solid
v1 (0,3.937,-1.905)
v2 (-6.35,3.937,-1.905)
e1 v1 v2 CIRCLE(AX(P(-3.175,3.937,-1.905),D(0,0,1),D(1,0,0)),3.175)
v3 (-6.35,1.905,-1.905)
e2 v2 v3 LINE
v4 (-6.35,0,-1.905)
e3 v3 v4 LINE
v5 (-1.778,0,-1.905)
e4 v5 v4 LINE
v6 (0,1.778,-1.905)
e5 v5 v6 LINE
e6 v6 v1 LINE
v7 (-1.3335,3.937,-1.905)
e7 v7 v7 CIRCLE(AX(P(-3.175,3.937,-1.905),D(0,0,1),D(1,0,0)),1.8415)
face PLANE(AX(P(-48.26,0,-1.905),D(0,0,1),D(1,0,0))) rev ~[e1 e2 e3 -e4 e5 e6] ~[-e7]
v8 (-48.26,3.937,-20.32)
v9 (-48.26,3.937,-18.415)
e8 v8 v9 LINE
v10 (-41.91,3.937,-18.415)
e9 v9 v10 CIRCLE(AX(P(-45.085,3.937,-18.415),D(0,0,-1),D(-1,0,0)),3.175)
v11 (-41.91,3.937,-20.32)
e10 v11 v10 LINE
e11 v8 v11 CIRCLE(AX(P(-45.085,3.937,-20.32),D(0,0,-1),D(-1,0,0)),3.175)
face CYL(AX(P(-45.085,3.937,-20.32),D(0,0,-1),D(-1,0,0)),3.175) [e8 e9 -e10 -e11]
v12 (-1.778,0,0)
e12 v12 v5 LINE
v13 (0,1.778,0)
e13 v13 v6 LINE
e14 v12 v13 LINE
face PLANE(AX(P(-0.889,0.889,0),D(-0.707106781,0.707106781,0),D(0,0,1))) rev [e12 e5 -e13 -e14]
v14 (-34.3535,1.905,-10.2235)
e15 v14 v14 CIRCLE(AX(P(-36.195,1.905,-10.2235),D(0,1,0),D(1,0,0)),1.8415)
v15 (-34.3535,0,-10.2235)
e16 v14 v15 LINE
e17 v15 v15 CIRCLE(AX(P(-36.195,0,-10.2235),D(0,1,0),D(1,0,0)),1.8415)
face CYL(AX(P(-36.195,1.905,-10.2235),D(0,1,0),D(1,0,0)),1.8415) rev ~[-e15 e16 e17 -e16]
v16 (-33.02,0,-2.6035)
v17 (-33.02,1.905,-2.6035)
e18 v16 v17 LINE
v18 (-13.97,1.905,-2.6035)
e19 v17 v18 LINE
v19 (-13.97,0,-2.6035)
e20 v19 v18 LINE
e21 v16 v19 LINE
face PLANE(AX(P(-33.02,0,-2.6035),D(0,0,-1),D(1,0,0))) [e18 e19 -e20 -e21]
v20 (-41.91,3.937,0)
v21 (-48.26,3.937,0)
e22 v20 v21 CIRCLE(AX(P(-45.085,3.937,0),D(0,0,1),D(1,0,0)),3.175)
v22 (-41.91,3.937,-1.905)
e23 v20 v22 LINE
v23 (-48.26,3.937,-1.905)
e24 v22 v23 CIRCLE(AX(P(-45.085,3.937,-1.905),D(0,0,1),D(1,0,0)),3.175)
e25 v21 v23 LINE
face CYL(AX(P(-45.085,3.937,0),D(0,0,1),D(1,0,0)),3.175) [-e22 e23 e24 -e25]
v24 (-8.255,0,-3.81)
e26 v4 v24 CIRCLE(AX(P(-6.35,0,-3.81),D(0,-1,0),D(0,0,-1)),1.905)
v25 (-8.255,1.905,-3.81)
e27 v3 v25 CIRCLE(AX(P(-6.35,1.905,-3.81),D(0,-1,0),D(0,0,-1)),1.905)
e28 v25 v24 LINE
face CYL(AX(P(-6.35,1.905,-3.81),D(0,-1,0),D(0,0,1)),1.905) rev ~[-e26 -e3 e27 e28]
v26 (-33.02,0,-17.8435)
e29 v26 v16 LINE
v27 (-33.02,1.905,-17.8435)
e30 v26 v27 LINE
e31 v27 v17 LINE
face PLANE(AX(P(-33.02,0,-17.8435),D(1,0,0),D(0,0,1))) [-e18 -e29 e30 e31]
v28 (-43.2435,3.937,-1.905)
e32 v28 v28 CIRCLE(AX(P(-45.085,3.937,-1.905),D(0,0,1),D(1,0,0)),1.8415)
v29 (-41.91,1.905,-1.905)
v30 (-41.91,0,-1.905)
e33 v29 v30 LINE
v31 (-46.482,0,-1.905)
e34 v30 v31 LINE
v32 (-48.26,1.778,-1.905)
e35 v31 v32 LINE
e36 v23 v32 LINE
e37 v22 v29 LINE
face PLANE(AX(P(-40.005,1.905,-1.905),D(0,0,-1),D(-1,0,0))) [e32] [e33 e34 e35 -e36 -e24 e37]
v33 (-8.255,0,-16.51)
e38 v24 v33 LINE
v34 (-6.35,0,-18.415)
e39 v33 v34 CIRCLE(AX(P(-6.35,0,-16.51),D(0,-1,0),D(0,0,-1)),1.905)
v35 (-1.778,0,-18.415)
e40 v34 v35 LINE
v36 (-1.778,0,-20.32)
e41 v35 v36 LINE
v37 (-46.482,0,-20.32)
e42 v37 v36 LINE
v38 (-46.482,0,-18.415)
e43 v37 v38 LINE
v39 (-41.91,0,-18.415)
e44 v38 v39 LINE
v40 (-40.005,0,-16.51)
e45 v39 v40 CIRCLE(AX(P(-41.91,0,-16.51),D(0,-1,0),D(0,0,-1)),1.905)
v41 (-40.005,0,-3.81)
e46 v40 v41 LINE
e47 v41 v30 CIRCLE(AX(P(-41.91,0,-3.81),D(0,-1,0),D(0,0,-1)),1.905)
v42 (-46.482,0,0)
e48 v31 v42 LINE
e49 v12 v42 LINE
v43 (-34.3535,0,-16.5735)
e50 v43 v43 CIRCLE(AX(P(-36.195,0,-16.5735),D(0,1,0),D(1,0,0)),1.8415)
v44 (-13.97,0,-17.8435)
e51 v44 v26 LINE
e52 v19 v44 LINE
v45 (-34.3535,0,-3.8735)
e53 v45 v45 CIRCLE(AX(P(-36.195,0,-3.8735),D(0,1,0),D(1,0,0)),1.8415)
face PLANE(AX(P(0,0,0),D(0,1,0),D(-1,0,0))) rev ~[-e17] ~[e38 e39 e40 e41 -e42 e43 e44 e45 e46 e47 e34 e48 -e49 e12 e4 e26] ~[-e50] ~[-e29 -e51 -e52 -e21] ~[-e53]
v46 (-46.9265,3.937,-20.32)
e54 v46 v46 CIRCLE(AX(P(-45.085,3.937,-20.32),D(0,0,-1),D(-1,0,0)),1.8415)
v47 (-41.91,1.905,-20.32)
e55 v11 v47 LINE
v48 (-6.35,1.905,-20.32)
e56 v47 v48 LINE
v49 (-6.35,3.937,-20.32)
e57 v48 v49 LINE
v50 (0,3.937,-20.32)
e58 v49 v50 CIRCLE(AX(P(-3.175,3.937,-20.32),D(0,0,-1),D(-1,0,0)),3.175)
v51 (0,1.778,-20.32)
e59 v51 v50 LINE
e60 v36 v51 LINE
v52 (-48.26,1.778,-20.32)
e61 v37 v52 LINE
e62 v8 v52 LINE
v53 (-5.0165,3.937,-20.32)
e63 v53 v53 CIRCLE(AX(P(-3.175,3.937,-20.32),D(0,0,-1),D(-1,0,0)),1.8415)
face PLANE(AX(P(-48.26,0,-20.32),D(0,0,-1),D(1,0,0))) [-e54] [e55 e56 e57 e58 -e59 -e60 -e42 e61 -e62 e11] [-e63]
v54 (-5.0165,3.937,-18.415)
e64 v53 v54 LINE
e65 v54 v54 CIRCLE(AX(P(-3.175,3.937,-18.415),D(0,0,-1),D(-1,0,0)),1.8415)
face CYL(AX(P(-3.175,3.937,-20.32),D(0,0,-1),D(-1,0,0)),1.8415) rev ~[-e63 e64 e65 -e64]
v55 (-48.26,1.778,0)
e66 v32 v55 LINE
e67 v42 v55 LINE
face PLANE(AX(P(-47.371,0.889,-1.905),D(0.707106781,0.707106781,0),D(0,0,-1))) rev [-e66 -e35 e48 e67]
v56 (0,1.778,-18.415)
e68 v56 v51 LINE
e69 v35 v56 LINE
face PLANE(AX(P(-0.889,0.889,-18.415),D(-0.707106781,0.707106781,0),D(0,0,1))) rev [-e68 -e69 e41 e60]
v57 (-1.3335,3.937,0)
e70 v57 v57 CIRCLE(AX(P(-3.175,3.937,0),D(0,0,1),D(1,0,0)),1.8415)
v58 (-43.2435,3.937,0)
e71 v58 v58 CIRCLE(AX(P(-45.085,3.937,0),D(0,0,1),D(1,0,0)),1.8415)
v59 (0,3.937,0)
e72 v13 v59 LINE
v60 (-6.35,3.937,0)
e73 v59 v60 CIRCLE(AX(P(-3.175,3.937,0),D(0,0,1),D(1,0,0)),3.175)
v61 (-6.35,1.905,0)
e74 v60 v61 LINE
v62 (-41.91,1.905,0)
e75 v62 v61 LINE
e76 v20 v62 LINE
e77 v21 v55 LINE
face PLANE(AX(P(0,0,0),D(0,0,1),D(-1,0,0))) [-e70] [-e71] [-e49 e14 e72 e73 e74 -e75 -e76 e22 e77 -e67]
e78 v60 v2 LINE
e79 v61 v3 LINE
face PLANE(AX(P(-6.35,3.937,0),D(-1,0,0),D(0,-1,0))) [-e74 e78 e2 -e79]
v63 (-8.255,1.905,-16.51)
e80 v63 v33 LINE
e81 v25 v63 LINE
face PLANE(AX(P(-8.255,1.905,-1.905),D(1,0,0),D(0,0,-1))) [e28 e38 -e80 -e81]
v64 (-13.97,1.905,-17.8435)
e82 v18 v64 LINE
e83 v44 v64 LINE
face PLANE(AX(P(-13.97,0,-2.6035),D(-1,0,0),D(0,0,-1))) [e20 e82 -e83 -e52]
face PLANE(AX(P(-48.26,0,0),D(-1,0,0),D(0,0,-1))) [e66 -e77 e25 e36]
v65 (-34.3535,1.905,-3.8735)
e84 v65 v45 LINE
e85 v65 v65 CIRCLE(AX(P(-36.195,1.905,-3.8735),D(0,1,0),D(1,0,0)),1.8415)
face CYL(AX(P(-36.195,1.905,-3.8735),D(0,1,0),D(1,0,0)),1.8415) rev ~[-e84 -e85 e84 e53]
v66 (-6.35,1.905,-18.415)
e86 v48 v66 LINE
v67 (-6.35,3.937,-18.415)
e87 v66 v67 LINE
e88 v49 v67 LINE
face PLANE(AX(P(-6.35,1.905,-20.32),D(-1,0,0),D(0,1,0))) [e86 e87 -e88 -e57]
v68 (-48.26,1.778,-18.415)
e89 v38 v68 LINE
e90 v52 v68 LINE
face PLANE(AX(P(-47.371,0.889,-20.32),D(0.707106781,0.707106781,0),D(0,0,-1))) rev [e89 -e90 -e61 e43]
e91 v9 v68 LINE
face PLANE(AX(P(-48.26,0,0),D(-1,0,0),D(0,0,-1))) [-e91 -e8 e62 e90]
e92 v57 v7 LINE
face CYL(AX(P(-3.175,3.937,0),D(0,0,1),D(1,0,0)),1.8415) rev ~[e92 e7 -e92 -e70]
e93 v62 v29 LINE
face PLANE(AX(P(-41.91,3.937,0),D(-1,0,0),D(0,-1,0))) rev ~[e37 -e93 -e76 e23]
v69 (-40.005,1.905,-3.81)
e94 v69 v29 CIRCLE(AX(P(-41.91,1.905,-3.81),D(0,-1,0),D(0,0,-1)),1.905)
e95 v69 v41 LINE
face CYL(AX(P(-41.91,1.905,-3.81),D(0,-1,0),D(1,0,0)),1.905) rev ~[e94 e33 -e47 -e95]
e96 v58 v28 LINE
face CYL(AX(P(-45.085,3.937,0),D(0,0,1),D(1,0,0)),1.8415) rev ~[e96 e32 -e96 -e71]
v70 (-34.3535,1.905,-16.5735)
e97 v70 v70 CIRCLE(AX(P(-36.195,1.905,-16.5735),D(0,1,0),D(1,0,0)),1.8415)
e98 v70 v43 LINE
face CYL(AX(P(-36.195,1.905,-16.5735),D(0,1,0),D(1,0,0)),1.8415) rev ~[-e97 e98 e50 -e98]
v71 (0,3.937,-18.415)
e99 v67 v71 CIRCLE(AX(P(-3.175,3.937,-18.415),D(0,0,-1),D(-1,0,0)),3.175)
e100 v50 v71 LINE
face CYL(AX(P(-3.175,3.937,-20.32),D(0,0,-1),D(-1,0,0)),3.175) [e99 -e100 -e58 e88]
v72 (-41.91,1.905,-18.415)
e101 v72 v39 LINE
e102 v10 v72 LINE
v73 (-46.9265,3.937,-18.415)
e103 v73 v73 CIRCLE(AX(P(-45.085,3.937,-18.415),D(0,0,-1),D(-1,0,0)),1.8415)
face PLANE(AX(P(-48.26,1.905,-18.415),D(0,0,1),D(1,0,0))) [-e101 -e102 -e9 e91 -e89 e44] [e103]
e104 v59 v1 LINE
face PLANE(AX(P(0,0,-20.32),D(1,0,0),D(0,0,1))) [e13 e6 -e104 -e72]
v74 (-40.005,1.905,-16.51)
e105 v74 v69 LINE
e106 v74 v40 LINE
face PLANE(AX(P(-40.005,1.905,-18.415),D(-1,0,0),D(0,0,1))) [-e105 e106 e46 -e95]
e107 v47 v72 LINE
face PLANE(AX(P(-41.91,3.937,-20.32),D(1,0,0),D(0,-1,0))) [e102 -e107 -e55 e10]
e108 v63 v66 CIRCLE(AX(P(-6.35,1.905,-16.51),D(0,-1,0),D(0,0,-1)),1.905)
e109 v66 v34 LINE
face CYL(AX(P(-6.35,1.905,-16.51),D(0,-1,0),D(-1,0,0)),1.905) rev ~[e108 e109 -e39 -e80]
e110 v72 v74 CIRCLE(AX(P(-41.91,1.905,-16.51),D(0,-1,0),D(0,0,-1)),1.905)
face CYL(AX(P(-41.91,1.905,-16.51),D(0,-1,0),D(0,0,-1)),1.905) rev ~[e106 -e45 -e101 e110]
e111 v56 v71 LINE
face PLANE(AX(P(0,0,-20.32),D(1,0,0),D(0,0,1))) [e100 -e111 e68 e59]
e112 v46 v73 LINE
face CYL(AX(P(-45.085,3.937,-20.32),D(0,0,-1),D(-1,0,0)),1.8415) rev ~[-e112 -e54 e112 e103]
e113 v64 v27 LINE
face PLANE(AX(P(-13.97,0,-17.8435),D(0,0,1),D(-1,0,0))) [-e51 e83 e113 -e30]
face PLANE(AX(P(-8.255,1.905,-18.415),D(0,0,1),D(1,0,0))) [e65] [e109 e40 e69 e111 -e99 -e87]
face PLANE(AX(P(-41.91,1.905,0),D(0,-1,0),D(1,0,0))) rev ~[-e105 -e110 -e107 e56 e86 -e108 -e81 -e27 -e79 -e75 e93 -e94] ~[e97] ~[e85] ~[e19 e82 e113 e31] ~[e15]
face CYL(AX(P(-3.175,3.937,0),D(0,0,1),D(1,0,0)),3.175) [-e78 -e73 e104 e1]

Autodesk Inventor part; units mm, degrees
ref_plane "YZ Plane" through (0, 0, 0) normal (1, 0, 0) x (0, 1, 0)
ref_plane "XZ Plane" through (0, 0, 0) normal (0, 1, 0) x (-1, 0, 0)
ref_plane "XY Plane" through (0, 0, 0) normal (0, 0, 1) x (1, 0, 0)
sketch "Sketch1" plane through (0, 0, 0) normal (0, 1, 0) x (-1, 0, 0)
  line L0 (0, 0) -> (48.26, 0)
  line L1 (48.26, 0) -> (48.26, -20.32)
  line L2 (48.26, -20.32) -> (0, -20.32)
  line L3 (0, -20.32) -> (0, 0)
  line L4 (33.02, -2.6035) -> (13.97, -2.6035)
  line L5 (13.97, -2.6035) -> (13.97, -17.8435)
  line L6 (13.97, -17.8435) -> (33.02, -17.8435)
  line L7 (33.02, -17.8435) -> (33.02, -2.6035)
  dimension "d0" = 48.26
  dimension "d1" = 20.32
  dimension "d2" = 19.05
  dimension "d3" = 15.24
  dimension "d4" = 15.24
  dimension "d5" = 2.6035
extrude "Extrusion1" add sketch "Sketch1" along normal blind 1.905
sketch "Sketch2" plane through (-48.26, 0, 0) normal (0, 0, 1) x (1, 0, 0)
  line L0 (48.26, 0) -> (0, 0) projected
  line L1 (48.26, 0) -> (48.26, 1.905) projected
  line L2 (0, 1.905) -> (48.26, 1.905) projected
  line L3 (0, 0) -> (0, 1.905) projected
  circle A0 centre (3.175, 3.937) radius 1.8415
  circle A1 centre (45.085, 3.937) radius 1.8415
  circle A2 centre (3.175, 3.937) radius 3.175
  circle A3 centre (45.085, 3.937) radius 3.175
  line L4 (0, 1.905) -> (48.26, 1.905) projected
  line L5 (0, 0) -> (0, 1.905) projected
  line L6 (0, 3.937) -> (0, 1.905)
  line L7 (6.35, 3.937) -> (6.35, 1.905)
  line L8 (48.26, 1.905) -> (0, 1.905) projected
  line L9 (48.26, 3.937) -> (48.26, 1.905)
  line L10 (41.91, 3.937) -> (41.91, 1.905)
  dimension "d8" = 3.683
  dimension "d9" = 41.91
  dimension "d10" = 6.35
  dimension "d28" = 2.032
extrude "Extrusion2" add sketch "Sketch2" against normal blind 1.905
sketch "Sketch3" plane through (0, 0, -20.32) normal (0, 0, -1) x (-1, 0, 0)
  circle A0 centre (3.175, 3.937) radius 1.8415 projected
  arc A1 (6.35, 3.937) -> (0, 3.937) centre (3.175, 3.937) ccw projected
  line L0 (0, 3.937) -> (0, 1.905) projected
  line L1 (6.35, 1.905) -> (0, 1.905) projected
  line L2 (6.35, 1.905) -> (6.35, 3.937) projected
  circle A2 centre (45.085, 3.937) radius 1.8415 projected
  line L3 (48.26, 1.905) -> (41.91, 1.905) projected
  line L4 (48.26, 1.905) -> (48.26, 3.937) projected
  arc A3 (48.26, 3.937) -> (41.91, 3.937) centre (45.085, 3.937) ccw projected
  line L5 (41.91, 3.937) -> (41.91, 1.905) projected
  point P0 (0, 0)
extrude "Extrusion3" add sketch "Sketch3" against normal blind 1.905
sketch "Sketch4" plane through (0, 1.905, 0) normal (0, 1, 0) x (1, 0, 0)
  line L0 (-33.02, 2.6035) -> (-33.02, 17.8435) construction
  circle A0 centre (-36.195, 16.5735) radius 1.8415
  circle A1 centre (-36.195, 10.2235) radius 1.8415
  circle A2 centre (-36.195, 3.8735) radius 1.8415
  line L1 (-36.195, 16.5735) -> (-36.195, 10.2235) construction
  line L2 (-36.195, 10.2235) -> (-36.195, 3.8735) construction
  line L3 (-13.97, 2.6035) -> (-33.02, 2.6035) construction
  point P0 (0, 0)
  dimension "d18" = 3.683
  dimension "d19" = 3.175
  dimension "d20" = 6.35
  dimension "d21" = 1.27
extrude "Extrusion4" cut sketch "Sketch4" against normal through all
sketch "Sketch5" plane through (0, 1.905, 0) normal (0, 1, 0) x (1, 0, 0)
  line L0 (-48.26, 18.415) -> (-41.91, 18.415) projected
  line L1 (-41.91, 1.905) -> (-48.26, 1.905) projected
  line L2 (0, 1.905) -> (-6.35, 1.905) projected
  line L3 (-6.35, 18.415) -> (0, 18.415) projected
  line L4 (-41.91, 18.415) -> (-48.26, 18.415) projected
  line L5 (-48.26, 18.415) -> (-40.005, 18.415)
  line L6 (-40.005, 18.415) -> (-40.005, 1.905)
  line L7 (-40.005, 1.905) -> (-48.26, 1.905)
  line L8 (-48.26, 1.905) -> (-48.26, 18.415)
  line L9 (0, 1.905) -> (-8.255, 1.905)
  line L10 (-8.255, 1.905) -> (-8.255, 18.415)
  line L11 (-8.255, 18.415) -> (0, 18.415)
  line L12 (0, 18.415) -> (0, 1.905)
  point P0 (0, 0)
  dimension "d24" = 8.255
extrude "Extrusion5" cut sketch "Sketch5" against normal through all
fillet "Fillet1" radius 1.905 4 edges at (-40.005, 0.9525, -18.415) (-40.005, 0.9525, -1.905) (-8.255, 0.9525, -1.905) (-8.255, 0.9525, -18.415)
chamfer "Chamfer1" distance 1.778 angle 45 4 edges at (-48.26, 0, -19.3675) (-48.26, 0, -0.9525) (0, 0, -0.9525) (0, 0, -19.3675)
properties part number "RelayHolder" material "ABS Plastic"
